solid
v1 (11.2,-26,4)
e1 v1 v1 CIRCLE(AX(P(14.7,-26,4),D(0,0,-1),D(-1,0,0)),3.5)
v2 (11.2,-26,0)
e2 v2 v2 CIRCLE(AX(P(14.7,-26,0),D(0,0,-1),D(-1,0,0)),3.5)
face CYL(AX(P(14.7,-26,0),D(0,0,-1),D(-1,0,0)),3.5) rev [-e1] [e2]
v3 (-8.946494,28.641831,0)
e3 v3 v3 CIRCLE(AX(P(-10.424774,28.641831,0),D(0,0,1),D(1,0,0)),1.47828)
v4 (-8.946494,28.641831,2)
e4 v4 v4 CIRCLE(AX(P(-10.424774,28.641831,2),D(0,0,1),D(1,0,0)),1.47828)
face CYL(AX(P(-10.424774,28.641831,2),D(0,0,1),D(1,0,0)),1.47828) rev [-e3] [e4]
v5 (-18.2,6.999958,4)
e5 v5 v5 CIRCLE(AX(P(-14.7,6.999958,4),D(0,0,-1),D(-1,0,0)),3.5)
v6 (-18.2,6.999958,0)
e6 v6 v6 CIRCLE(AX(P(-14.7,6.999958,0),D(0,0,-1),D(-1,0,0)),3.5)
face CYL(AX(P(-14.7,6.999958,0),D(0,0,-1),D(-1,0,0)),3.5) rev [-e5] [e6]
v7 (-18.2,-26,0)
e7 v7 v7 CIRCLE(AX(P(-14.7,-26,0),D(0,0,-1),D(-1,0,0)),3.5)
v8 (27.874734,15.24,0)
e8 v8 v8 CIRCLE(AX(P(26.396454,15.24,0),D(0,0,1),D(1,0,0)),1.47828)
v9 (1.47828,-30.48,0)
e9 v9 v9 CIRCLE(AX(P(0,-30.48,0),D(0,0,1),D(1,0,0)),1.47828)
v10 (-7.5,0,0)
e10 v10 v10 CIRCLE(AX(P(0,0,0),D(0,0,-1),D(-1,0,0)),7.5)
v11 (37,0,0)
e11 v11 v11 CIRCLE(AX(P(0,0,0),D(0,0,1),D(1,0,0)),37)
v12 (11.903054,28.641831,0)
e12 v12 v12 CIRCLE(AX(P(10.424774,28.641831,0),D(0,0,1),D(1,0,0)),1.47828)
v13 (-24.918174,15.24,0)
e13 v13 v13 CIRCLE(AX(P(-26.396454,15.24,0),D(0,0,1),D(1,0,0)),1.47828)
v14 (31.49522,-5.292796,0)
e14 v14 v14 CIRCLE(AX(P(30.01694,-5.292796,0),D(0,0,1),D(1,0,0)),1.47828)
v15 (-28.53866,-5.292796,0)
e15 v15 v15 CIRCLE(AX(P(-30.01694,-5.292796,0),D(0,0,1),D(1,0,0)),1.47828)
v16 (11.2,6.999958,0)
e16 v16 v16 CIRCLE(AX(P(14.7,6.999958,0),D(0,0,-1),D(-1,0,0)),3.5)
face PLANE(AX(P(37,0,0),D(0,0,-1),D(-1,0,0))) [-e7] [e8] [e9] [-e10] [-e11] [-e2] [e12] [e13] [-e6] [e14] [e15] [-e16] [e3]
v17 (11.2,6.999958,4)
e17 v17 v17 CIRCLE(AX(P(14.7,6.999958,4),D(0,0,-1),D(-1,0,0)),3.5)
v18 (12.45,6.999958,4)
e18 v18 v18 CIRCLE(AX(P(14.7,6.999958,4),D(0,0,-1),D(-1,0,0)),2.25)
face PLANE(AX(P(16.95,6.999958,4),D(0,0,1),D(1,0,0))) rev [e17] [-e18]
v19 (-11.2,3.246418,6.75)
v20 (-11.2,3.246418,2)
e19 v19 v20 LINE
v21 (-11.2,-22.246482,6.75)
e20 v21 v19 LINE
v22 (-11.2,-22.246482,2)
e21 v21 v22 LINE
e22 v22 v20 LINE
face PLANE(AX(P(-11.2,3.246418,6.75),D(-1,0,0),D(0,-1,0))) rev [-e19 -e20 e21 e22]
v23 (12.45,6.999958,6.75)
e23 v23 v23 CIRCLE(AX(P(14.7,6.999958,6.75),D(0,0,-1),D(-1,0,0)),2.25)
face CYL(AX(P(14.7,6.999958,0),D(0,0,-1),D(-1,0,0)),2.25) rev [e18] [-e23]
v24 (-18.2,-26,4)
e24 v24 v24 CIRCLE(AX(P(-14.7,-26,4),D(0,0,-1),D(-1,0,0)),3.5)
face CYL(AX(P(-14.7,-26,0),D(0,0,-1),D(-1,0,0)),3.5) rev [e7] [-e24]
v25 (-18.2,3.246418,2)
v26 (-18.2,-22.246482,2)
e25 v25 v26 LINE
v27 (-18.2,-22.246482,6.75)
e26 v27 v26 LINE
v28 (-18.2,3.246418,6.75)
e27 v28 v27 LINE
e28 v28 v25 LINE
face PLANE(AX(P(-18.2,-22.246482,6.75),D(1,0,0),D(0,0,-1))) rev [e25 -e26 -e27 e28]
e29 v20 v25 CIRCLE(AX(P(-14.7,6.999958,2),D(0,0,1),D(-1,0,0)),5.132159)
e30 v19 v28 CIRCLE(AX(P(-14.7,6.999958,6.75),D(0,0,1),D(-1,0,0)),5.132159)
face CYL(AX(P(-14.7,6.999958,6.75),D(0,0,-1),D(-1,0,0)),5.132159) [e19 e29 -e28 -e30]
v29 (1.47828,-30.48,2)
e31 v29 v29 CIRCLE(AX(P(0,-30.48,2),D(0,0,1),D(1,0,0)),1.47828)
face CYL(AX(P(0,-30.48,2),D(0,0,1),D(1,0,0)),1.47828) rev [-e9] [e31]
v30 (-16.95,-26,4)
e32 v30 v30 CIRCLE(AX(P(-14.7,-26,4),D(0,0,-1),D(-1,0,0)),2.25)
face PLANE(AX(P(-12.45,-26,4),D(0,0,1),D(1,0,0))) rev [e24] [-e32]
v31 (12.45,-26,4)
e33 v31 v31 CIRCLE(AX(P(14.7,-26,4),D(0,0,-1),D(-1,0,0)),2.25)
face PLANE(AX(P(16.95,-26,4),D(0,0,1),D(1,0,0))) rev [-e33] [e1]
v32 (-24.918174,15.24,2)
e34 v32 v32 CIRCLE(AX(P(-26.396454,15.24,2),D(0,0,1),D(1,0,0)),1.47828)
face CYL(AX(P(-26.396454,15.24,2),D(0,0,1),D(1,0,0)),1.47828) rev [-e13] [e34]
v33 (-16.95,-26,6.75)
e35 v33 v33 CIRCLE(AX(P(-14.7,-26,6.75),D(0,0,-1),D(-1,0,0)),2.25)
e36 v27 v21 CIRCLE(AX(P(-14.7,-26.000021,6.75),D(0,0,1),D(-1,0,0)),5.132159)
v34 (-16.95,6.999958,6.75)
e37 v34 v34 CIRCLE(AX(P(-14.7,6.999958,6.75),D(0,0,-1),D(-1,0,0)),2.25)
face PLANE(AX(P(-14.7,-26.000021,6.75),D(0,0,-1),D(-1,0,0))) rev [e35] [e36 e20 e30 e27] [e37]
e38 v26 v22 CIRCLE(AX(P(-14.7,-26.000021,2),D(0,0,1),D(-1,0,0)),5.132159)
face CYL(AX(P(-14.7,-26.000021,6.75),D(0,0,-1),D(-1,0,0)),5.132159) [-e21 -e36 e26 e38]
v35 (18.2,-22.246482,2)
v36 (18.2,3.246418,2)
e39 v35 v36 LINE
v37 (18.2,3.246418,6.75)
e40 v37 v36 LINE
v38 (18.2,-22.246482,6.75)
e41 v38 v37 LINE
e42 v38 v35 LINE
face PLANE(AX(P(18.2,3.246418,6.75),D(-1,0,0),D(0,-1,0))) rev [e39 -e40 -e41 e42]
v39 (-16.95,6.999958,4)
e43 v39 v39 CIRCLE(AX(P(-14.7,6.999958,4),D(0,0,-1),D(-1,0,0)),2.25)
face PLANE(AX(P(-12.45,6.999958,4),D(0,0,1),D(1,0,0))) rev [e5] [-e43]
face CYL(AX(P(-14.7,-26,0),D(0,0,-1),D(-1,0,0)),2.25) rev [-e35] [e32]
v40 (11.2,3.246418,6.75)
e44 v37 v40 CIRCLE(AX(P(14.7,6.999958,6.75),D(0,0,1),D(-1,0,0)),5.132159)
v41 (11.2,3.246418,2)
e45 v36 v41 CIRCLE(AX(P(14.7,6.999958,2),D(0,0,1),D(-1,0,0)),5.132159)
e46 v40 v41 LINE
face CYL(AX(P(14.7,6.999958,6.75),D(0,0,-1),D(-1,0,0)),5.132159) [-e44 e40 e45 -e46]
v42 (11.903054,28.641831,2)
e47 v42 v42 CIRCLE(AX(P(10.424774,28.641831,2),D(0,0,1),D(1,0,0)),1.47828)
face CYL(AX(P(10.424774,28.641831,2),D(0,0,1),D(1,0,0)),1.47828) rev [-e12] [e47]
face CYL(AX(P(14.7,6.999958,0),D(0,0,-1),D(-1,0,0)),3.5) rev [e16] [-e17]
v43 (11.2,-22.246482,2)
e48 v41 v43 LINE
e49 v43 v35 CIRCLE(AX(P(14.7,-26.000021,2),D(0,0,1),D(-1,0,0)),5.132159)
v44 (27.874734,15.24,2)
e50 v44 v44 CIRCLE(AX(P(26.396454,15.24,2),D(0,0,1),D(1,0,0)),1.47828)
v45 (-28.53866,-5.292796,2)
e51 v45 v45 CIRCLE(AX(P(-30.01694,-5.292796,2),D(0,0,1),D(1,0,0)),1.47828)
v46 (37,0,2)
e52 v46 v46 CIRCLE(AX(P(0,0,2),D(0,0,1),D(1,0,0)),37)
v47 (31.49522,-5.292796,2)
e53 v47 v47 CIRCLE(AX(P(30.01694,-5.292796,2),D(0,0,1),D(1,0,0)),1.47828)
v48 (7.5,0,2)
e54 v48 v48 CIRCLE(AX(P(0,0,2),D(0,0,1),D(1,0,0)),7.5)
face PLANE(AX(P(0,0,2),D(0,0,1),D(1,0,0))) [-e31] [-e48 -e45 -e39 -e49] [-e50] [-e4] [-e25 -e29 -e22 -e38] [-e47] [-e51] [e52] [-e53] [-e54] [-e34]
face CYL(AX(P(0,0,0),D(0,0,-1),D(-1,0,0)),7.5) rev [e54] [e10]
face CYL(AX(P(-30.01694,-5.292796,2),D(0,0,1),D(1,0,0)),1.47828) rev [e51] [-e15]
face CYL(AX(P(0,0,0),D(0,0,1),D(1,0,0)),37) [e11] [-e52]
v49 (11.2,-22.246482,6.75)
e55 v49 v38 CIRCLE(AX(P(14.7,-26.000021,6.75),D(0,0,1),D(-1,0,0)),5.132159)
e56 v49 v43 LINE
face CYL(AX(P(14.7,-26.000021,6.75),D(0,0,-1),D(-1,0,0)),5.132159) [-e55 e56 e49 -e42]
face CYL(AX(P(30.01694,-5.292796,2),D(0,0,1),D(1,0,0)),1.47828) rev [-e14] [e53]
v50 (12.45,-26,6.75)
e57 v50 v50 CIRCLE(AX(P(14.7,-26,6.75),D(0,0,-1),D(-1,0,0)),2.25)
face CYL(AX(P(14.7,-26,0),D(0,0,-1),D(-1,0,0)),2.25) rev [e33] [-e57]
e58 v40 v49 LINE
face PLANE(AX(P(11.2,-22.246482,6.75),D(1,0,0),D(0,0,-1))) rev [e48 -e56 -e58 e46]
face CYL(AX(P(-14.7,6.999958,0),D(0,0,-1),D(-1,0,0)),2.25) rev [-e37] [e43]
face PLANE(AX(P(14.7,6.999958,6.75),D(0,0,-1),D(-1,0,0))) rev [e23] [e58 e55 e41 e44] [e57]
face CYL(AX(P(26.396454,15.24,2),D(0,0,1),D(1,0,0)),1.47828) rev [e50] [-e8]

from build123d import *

# Parameters (mm, degrees)
IZIM1_W                          = 37
IZIM1_H                          = 2
Y_KSEKLIK_EKSTR_ZYON1_DEPTH      = 4.75
Y_KSEKLIK_EKSTR_ZYON2_DEPTH      = 4.75
DELIK1_D                         = 2.95656
DELIK1_DEPTH                     = 2
F_0_15_0_15_DIAMETER_HOLE1_D     = 15
F_0_15_0_15_DIAMETER_HOLE1_DEPTH = 6.75
M7X1_0_TAPPED_HOLE1_D            = 4.5
M7X1_0_TAPPED_HOLE1_DEPTH        = 6.75
M7X1_0_TAPPED_HOLE1_CBORE_D      = 7
M7X1_0_TAPPED_HOLE1_CBORE_DEPTH  = 4


with BuildPart() as part:
    # Çizim1 → Döndür1 (revolve)
    with BuildSketch(Plane(origin=(0, 0, 0), x_dir=(1, 0, 0), z_dir=(0, 1, 0))):
        with Locations((18.5, -1)):
            Rectangle(IZIM1_W, IZIM1_H)
    revolve(axis=Axis((0, 0, 0), (0, 0, 1)))

    # Çizim2 → Yükseklik-Ekstrüzyon1 (add)
    with BuildSketch(Plane.XY.offset(2)):
        with BuildLine():
            Line((-18.2, -22.246481648), (-18.2, 3.246418008))
            ThreePointArc((-18.2, 3.246418008), (-14.7, 12.132116892), (-11.2, 3.246418008))
            Line((-11.2, 3.246418008), (-11.2, -22.246481648))
            ThreePointArc((-11.2, -22.246481648), (-14.7, -31.132180531), (-18.2, -22.246481648))
        make_face()
    extrude(amount=Y_KSEKLIK_EKSTR_ZYON1_DEPTH)

    # Çizim3 → Yükseklik-Ekstrüzyon2 (add)
    with BuildSketch(Plane.XY.offset(2)):
        with BuildLine():
            Line((18.2, 3.246418008), (18.2, -22.246481648))
            ThreePointArc((18.2, -22.246481648), (14.7, -31.132180531), (11.2, -22.246481648))
            Line((11.2, -22.246481648), (11.2, 3.246418008))
            ThreePointArc((11.2, 3.246418008), (14.7, 12.132116892), (18.2, 3.246418008))
        make_face()
    extrude(amount=Y_KSEKLIK_EKSTR_ZYON2_DEPTH)

    # Delik1
    with Locations(Plane.XY.offset(2)):
        with Locations((-30.016940312, -5.292796455), (-26.396454307, 15.24), (-10.424773969, 28.641831082), (10.424773969, 28.641831082), (26.396454307, 15.24), (30.016940312, -5.292796455), (0, -30.48)):
            Hole(DELIK1_D / 2, depth=DELIK1_DEPTH)

    # Ø0.15 (0.15) Diameter Hole1
    with Locations(Plane(origin=(0, 0, 0), x_dir=(-1, 0, 0), z_dir=(0, 0, -1))):
        with Locations((0, 0)):
            Hole(F_0_15_0_15_DIAMETER_HOLE1_D / 2, depth=F_0_15_0_15_DIAMETER_HOLE1_DEPTH)

    # M7x1.0 Tapped Hole1
    with Locations(Plane(origin=(0, 0, 0), x_dir=(-1, 0, 0), z_dir=(0, 0, -1))):
        with Locations((14.7, -26), (-14.7, 6.999957574), (-14.7, -26), (14.7, 6.999957574)):
            CounterBoreHole(M7X1_0_TAPPED_HOLE1_D / 2, M7X1_0_TAPPED_HOLE1_CBORE_D / 2, M7X1_0_TAPPED_HOLE1_CBORE_DEPTH, depth=M7X1_0_TAPPED_HOLE1_DEPTH)


solid = part.part
